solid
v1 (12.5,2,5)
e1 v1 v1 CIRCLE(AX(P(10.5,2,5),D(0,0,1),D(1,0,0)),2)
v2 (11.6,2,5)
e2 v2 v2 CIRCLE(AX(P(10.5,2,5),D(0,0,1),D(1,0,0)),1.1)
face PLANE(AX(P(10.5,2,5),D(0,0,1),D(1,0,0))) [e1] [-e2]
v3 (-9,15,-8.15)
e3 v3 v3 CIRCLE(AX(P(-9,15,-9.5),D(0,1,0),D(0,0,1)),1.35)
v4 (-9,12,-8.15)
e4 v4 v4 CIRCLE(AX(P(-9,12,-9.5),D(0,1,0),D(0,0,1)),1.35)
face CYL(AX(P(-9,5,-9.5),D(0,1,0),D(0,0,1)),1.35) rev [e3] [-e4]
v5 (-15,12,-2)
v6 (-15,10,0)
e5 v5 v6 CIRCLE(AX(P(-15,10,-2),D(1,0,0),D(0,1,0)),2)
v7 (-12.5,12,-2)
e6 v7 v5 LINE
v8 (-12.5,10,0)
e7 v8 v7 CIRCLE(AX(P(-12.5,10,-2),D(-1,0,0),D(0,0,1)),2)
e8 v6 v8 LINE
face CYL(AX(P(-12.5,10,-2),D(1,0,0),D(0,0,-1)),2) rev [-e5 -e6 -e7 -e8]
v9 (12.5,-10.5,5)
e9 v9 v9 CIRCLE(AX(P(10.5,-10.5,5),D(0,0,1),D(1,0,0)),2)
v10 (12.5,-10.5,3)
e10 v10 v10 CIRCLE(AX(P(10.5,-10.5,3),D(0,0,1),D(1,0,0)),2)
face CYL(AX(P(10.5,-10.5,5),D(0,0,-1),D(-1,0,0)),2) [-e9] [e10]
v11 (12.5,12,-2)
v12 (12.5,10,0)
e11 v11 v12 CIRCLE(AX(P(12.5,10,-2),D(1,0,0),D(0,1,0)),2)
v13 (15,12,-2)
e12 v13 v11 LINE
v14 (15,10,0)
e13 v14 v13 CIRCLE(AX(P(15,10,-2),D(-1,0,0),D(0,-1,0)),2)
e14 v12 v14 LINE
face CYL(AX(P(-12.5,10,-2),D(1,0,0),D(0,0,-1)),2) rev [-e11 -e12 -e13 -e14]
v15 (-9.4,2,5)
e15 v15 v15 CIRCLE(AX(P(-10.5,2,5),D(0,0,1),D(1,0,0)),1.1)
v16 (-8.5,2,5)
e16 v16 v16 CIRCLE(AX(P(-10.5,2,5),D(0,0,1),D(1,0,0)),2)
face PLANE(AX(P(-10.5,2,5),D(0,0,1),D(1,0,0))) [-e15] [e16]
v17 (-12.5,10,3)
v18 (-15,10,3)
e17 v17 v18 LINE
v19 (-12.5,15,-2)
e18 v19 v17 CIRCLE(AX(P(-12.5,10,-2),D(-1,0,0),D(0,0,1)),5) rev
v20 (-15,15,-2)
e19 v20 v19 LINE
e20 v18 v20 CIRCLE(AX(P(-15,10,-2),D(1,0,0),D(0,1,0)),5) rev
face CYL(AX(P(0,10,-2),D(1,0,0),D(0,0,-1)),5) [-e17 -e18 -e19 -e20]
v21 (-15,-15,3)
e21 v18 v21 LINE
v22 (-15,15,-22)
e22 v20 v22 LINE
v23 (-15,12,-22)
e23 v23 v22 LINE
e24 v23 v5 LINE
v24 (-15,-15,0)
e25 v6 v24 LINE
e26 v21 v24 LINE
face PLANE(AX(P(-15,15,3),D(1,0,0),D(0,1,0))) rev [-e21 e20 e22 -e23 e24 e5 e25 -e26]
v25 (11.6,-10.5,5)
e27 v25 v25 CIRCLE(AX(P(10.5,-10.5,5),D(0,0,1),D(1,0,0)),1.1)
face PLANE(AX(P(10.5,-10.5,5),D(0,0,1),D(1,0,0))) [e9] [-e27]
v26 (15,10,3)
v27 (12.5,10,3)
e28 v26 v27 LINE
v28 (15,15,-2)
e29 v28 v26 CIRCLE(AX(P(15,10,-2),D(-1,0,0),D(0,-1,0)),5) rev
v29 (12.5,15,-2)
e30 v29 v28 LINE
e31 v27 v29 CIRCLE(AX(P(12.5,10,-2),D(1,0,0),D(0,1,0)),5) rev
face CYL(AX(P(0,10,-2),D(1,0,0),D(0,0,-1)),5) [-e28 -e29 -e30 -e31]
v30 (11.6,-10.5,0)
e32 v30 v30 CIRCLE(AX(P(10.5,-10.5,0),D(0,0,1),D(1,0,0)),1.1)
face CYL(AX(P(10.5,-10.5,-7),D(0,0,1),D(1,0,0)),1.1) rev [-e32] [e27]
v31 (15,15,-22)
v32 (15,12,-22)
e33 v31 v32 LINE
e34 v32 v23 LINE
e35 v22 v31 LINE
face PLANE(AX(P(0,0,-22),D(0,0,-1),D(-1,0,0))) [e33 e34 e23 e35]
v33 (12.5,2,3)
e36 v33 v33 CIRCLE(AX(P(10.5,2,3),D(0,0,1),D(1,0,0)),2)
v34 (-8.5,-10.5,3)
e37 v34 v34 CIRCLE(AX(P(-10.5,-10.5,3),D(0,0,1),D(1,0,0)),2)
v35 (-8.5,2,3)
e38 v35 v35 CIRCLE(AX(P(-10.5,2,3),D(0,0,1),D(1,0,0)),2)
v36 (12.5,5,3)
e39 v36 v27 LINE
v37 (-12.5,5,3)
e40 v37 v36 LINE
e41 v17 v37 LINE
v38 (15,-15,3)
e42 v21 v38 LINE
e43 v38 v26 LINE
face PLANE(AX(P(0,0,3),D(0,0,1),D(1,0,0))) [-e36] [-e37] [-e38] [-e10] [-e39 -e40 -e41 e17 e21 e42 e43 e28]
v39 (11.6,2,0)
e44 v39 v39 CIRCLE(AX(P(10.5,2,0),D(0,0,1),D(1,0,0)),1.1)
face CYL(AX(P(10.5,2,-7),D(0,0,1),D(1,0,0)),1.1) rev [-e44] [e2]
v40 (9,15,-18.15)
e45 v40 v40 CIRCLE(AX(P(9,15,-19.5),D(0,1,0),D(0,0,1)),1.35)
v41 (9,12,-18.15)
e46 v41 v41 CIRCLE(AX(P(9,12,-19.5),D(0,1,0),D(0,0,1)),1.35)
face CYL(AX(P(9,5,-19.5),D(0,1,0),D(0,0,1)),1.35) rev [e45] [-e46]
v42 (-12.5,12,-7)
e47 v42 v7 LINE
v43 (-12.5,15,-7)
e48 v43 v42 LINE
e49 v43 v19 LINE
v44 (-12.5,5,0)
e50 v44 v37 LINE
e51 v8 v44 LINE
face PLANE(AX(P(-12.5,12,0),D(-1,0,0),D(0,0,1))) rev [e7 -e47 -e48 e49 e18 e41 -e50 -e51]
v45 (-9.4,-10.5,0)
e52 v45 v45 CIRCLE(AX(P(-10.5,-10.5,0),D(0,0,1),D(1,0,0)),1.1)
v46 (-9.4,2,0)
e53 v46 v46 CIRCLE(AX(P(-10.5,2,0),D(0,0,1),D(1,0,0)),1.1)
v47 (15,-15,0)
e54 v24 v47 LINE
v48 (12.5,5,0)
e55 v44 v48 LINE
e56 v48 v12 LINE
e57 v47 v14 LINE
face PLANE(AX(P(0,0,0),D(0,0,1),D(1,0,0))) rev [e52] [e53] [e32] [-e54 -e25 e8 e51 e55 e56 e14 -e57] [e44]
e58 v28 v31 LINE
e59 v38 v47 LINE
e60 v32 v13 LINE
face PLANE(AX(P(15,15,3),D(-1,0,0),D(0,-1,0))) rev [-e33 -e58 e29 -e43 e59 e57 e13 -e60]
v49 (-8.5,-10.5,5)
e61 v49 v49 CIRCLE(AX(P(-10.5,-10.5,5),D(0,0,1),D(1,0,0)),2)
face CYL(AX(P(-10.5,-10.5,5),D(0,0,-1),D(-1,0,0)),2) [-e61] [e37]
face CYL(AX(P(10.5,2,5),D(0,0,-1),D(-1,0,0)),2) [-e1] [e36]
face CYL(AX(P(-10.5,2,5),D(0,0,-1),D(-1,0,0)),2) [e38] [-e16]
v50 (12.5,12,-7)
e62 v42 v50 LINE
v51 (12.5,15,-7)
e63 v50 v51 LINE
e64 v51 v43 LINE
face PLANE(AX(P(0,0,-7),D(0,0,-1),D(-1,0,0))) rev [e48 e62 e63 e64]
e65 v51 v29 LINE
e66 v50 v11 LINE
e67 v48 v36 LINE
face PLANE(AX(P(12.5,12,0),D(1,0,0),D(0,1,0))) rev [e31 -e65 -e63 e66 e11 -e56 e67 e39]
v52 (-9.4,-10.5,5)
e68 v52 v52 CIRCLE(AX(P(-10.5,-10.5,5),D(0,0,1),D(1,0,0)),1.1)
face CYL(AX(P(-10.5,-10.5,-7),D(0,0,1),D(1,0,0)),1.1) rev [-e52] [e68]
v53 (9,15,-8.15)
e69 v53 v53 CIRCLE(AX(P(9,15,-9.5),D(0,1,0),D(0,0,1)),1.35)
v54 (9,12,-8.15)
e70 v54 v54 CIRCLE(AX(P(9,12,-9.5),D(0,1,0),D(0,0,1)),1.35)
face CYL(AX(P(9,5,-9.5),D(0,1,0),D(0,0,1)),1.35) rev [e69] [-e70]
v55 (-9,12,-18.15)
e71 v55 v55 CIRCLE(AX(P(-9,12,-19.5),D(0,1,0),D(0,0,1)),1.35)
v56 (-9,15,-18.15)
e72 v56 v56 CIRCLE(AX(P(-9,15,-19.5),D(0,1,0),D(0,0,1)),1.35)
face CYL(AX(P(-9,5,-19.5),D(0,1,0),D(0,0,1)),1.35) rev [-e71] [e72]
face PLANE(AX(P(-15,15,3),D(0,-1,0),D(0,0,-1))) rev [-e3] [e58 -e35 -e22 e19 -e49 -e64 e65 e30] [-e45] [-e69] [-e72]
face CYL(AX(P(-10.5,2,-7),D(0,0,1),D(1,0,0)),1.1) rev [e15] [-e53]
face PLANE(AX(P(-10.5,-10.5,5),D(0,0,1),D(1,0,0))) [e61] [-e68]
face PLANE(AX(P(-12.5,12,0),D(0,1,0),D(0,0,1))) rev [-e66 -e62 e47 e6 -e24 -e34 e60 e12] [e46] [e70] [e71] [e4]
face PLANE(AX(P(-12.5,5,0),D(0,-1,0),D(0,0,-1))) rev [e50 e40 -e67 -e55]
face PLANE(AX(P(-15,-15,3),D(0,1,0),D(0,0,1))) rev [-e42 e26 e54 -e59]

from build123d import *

# Parameters (mm, degrees)
SKETCH2_W           = 30
SKETCH2_H           = 30
BOSS_EXTRUDE1_DEPTH = 3
SKETCH4_R           = 2
BOSS_EXTRUDE2_DEPTH = 2
SKETCH5_R           = 1.1
CUT_EXTRUDE1_DEPTH  = 12
SKETCH6_W           = 25
SKETCH6_H           = 7
CUT_EXTRUDE2_DEPTH  = 3
SKETCH9_W           = 30
SKETCH9_H           = 3
BOSS_EXTRUDE3_DEPTH = 22
SKETCH10_W          = 25
SKETCH10_H          = 3
CUT_EXTRUDE3_DEPTH  = 10
FILLET1_R           = 2
FILLET2_R           = 5
SKETCH11_R          = 1.35
CUT_EXTRUDE4_DEPTH  = 10


with BuildPart() as part:
    # Sketch2 → Boss-Extrude1 (new body)
    with BuildSketch(Plane.XY):
        Rectangle(SKETCH2_W, SKETCH2_H)
    extrude(amount=BOSS_EXTRUDE1_DEPTH)

    # Sketch4 → Boss-Extrude2 (add)
    with BuildSketch(Plane.XY.offset(3)):
        with Locations((-10.5, 2)):
            Circle(SKETCH4_R)
        with Locations((10.5, 2)):
            Circle(SKETCH4_R)
        with Locations((10.5, -10.5)):
            Circle(SKETCH4_R)
        with Locations((-10.5, -10.5)):
            Circle(SKETCH4_R)
    extrude(amount=BOSS_EXTRUDE2_DEPTH)

    # Sketch5 → Cut-Extrude1 (cut)
    with BuildSketch(Plane.XY.offset(5)):
        with Locations((10.5, 2)):
            Circle(SKETCH5_R)
        with Locations((-10.5, 2)):
            Circle(SKETCH5_R)
        with Locations((-10.5, -10.5)):
            Circle(SKETCH5_R)
        with Locations((10.5, -10.5)):
            Circle(SKETCH5_R)
    extrude(amount=-CUT_EXTRUDE1_DEPTH, mode=Mode.SUBTRACT)

    # Sketch6 → Cut-Extrude2 (cut)
    with BuildSketch(Plane.XY.offset(3)):
        with Locations((0, 8.5)):
            Rectangle(SKETCH6_W, SKETCH6_H)
    extrude(amount=-CUT_EXTRUDE2_DEPTH, mode=Mode.SUBTRACT)

    # Sketch9 → Boss-Extrude3 (add)
    with BuildSketch(Plane(origin=(0, 0, 0), x_dir=(-1, 0, 0), z_dir=(0, 0, -1))):
        with Locations((0, 13.5)):
            Rectangle(SKETCH9_W, SKETCH9_H)
    extrude(amount=BOSS_EXTRUDE3_DEPTH)

    # Sketch10 → Cut-Extrude3 (cut)
    with BuildSketch(Plane.XY.offset(3)):
        with Locations((0, 13.5)):
            Rectangle(SKETCH10_W, SKETCH10_H)
    extrude(amount=-CUT_EXTRUDE3_DEPTH, mode=Mode.SUBTRACT)

    # Fillet1
    fillet1_edges = [part.edges().sort_by_distance(p)[0] for p in [
        (-13.75, 12, 0),
        (13.75, 12, 0),
    ]]
    fillet(fillet1_edges, radius=FILLET1_R)

    # Fillet2
    fillet2_edges = [part.edges().sort_by_distance(p)[0] for p in [
        (-13.75, 15, 3),
        (13.75, 15, 3),
    ]]
    fillet(fillet2_edges, radius=FILLET2_R)

    # Sketch11 → Cut-Extrude4 (cut)
    with BuildSketch(Plane(origin=(0, 15, 0), x_dir=(1, 0, 0), z_dir=(0, 1, 0))):
        with Locations(Location((-9, 19.5, 0), (0, 0, 270))):
            Circle(SKETCH11_R)
        with Locations(Location((9, 19.5, 0), (0, 0, 270))):
            Circle(SKETCH11_R)
        with Locations(Location((-9, 9.5, 0), (0, 0, 270))):
            Circle(SKETCH11_R)
        with Locations(Location((9, 9.5, 0), (0, 0, 270))):
            Circle(SKETCH11_R)
    extrude(amount=-CUT_EXTRUDE4_DEPTH, mode=Mode.SUBTRACT)


solid = part.part
